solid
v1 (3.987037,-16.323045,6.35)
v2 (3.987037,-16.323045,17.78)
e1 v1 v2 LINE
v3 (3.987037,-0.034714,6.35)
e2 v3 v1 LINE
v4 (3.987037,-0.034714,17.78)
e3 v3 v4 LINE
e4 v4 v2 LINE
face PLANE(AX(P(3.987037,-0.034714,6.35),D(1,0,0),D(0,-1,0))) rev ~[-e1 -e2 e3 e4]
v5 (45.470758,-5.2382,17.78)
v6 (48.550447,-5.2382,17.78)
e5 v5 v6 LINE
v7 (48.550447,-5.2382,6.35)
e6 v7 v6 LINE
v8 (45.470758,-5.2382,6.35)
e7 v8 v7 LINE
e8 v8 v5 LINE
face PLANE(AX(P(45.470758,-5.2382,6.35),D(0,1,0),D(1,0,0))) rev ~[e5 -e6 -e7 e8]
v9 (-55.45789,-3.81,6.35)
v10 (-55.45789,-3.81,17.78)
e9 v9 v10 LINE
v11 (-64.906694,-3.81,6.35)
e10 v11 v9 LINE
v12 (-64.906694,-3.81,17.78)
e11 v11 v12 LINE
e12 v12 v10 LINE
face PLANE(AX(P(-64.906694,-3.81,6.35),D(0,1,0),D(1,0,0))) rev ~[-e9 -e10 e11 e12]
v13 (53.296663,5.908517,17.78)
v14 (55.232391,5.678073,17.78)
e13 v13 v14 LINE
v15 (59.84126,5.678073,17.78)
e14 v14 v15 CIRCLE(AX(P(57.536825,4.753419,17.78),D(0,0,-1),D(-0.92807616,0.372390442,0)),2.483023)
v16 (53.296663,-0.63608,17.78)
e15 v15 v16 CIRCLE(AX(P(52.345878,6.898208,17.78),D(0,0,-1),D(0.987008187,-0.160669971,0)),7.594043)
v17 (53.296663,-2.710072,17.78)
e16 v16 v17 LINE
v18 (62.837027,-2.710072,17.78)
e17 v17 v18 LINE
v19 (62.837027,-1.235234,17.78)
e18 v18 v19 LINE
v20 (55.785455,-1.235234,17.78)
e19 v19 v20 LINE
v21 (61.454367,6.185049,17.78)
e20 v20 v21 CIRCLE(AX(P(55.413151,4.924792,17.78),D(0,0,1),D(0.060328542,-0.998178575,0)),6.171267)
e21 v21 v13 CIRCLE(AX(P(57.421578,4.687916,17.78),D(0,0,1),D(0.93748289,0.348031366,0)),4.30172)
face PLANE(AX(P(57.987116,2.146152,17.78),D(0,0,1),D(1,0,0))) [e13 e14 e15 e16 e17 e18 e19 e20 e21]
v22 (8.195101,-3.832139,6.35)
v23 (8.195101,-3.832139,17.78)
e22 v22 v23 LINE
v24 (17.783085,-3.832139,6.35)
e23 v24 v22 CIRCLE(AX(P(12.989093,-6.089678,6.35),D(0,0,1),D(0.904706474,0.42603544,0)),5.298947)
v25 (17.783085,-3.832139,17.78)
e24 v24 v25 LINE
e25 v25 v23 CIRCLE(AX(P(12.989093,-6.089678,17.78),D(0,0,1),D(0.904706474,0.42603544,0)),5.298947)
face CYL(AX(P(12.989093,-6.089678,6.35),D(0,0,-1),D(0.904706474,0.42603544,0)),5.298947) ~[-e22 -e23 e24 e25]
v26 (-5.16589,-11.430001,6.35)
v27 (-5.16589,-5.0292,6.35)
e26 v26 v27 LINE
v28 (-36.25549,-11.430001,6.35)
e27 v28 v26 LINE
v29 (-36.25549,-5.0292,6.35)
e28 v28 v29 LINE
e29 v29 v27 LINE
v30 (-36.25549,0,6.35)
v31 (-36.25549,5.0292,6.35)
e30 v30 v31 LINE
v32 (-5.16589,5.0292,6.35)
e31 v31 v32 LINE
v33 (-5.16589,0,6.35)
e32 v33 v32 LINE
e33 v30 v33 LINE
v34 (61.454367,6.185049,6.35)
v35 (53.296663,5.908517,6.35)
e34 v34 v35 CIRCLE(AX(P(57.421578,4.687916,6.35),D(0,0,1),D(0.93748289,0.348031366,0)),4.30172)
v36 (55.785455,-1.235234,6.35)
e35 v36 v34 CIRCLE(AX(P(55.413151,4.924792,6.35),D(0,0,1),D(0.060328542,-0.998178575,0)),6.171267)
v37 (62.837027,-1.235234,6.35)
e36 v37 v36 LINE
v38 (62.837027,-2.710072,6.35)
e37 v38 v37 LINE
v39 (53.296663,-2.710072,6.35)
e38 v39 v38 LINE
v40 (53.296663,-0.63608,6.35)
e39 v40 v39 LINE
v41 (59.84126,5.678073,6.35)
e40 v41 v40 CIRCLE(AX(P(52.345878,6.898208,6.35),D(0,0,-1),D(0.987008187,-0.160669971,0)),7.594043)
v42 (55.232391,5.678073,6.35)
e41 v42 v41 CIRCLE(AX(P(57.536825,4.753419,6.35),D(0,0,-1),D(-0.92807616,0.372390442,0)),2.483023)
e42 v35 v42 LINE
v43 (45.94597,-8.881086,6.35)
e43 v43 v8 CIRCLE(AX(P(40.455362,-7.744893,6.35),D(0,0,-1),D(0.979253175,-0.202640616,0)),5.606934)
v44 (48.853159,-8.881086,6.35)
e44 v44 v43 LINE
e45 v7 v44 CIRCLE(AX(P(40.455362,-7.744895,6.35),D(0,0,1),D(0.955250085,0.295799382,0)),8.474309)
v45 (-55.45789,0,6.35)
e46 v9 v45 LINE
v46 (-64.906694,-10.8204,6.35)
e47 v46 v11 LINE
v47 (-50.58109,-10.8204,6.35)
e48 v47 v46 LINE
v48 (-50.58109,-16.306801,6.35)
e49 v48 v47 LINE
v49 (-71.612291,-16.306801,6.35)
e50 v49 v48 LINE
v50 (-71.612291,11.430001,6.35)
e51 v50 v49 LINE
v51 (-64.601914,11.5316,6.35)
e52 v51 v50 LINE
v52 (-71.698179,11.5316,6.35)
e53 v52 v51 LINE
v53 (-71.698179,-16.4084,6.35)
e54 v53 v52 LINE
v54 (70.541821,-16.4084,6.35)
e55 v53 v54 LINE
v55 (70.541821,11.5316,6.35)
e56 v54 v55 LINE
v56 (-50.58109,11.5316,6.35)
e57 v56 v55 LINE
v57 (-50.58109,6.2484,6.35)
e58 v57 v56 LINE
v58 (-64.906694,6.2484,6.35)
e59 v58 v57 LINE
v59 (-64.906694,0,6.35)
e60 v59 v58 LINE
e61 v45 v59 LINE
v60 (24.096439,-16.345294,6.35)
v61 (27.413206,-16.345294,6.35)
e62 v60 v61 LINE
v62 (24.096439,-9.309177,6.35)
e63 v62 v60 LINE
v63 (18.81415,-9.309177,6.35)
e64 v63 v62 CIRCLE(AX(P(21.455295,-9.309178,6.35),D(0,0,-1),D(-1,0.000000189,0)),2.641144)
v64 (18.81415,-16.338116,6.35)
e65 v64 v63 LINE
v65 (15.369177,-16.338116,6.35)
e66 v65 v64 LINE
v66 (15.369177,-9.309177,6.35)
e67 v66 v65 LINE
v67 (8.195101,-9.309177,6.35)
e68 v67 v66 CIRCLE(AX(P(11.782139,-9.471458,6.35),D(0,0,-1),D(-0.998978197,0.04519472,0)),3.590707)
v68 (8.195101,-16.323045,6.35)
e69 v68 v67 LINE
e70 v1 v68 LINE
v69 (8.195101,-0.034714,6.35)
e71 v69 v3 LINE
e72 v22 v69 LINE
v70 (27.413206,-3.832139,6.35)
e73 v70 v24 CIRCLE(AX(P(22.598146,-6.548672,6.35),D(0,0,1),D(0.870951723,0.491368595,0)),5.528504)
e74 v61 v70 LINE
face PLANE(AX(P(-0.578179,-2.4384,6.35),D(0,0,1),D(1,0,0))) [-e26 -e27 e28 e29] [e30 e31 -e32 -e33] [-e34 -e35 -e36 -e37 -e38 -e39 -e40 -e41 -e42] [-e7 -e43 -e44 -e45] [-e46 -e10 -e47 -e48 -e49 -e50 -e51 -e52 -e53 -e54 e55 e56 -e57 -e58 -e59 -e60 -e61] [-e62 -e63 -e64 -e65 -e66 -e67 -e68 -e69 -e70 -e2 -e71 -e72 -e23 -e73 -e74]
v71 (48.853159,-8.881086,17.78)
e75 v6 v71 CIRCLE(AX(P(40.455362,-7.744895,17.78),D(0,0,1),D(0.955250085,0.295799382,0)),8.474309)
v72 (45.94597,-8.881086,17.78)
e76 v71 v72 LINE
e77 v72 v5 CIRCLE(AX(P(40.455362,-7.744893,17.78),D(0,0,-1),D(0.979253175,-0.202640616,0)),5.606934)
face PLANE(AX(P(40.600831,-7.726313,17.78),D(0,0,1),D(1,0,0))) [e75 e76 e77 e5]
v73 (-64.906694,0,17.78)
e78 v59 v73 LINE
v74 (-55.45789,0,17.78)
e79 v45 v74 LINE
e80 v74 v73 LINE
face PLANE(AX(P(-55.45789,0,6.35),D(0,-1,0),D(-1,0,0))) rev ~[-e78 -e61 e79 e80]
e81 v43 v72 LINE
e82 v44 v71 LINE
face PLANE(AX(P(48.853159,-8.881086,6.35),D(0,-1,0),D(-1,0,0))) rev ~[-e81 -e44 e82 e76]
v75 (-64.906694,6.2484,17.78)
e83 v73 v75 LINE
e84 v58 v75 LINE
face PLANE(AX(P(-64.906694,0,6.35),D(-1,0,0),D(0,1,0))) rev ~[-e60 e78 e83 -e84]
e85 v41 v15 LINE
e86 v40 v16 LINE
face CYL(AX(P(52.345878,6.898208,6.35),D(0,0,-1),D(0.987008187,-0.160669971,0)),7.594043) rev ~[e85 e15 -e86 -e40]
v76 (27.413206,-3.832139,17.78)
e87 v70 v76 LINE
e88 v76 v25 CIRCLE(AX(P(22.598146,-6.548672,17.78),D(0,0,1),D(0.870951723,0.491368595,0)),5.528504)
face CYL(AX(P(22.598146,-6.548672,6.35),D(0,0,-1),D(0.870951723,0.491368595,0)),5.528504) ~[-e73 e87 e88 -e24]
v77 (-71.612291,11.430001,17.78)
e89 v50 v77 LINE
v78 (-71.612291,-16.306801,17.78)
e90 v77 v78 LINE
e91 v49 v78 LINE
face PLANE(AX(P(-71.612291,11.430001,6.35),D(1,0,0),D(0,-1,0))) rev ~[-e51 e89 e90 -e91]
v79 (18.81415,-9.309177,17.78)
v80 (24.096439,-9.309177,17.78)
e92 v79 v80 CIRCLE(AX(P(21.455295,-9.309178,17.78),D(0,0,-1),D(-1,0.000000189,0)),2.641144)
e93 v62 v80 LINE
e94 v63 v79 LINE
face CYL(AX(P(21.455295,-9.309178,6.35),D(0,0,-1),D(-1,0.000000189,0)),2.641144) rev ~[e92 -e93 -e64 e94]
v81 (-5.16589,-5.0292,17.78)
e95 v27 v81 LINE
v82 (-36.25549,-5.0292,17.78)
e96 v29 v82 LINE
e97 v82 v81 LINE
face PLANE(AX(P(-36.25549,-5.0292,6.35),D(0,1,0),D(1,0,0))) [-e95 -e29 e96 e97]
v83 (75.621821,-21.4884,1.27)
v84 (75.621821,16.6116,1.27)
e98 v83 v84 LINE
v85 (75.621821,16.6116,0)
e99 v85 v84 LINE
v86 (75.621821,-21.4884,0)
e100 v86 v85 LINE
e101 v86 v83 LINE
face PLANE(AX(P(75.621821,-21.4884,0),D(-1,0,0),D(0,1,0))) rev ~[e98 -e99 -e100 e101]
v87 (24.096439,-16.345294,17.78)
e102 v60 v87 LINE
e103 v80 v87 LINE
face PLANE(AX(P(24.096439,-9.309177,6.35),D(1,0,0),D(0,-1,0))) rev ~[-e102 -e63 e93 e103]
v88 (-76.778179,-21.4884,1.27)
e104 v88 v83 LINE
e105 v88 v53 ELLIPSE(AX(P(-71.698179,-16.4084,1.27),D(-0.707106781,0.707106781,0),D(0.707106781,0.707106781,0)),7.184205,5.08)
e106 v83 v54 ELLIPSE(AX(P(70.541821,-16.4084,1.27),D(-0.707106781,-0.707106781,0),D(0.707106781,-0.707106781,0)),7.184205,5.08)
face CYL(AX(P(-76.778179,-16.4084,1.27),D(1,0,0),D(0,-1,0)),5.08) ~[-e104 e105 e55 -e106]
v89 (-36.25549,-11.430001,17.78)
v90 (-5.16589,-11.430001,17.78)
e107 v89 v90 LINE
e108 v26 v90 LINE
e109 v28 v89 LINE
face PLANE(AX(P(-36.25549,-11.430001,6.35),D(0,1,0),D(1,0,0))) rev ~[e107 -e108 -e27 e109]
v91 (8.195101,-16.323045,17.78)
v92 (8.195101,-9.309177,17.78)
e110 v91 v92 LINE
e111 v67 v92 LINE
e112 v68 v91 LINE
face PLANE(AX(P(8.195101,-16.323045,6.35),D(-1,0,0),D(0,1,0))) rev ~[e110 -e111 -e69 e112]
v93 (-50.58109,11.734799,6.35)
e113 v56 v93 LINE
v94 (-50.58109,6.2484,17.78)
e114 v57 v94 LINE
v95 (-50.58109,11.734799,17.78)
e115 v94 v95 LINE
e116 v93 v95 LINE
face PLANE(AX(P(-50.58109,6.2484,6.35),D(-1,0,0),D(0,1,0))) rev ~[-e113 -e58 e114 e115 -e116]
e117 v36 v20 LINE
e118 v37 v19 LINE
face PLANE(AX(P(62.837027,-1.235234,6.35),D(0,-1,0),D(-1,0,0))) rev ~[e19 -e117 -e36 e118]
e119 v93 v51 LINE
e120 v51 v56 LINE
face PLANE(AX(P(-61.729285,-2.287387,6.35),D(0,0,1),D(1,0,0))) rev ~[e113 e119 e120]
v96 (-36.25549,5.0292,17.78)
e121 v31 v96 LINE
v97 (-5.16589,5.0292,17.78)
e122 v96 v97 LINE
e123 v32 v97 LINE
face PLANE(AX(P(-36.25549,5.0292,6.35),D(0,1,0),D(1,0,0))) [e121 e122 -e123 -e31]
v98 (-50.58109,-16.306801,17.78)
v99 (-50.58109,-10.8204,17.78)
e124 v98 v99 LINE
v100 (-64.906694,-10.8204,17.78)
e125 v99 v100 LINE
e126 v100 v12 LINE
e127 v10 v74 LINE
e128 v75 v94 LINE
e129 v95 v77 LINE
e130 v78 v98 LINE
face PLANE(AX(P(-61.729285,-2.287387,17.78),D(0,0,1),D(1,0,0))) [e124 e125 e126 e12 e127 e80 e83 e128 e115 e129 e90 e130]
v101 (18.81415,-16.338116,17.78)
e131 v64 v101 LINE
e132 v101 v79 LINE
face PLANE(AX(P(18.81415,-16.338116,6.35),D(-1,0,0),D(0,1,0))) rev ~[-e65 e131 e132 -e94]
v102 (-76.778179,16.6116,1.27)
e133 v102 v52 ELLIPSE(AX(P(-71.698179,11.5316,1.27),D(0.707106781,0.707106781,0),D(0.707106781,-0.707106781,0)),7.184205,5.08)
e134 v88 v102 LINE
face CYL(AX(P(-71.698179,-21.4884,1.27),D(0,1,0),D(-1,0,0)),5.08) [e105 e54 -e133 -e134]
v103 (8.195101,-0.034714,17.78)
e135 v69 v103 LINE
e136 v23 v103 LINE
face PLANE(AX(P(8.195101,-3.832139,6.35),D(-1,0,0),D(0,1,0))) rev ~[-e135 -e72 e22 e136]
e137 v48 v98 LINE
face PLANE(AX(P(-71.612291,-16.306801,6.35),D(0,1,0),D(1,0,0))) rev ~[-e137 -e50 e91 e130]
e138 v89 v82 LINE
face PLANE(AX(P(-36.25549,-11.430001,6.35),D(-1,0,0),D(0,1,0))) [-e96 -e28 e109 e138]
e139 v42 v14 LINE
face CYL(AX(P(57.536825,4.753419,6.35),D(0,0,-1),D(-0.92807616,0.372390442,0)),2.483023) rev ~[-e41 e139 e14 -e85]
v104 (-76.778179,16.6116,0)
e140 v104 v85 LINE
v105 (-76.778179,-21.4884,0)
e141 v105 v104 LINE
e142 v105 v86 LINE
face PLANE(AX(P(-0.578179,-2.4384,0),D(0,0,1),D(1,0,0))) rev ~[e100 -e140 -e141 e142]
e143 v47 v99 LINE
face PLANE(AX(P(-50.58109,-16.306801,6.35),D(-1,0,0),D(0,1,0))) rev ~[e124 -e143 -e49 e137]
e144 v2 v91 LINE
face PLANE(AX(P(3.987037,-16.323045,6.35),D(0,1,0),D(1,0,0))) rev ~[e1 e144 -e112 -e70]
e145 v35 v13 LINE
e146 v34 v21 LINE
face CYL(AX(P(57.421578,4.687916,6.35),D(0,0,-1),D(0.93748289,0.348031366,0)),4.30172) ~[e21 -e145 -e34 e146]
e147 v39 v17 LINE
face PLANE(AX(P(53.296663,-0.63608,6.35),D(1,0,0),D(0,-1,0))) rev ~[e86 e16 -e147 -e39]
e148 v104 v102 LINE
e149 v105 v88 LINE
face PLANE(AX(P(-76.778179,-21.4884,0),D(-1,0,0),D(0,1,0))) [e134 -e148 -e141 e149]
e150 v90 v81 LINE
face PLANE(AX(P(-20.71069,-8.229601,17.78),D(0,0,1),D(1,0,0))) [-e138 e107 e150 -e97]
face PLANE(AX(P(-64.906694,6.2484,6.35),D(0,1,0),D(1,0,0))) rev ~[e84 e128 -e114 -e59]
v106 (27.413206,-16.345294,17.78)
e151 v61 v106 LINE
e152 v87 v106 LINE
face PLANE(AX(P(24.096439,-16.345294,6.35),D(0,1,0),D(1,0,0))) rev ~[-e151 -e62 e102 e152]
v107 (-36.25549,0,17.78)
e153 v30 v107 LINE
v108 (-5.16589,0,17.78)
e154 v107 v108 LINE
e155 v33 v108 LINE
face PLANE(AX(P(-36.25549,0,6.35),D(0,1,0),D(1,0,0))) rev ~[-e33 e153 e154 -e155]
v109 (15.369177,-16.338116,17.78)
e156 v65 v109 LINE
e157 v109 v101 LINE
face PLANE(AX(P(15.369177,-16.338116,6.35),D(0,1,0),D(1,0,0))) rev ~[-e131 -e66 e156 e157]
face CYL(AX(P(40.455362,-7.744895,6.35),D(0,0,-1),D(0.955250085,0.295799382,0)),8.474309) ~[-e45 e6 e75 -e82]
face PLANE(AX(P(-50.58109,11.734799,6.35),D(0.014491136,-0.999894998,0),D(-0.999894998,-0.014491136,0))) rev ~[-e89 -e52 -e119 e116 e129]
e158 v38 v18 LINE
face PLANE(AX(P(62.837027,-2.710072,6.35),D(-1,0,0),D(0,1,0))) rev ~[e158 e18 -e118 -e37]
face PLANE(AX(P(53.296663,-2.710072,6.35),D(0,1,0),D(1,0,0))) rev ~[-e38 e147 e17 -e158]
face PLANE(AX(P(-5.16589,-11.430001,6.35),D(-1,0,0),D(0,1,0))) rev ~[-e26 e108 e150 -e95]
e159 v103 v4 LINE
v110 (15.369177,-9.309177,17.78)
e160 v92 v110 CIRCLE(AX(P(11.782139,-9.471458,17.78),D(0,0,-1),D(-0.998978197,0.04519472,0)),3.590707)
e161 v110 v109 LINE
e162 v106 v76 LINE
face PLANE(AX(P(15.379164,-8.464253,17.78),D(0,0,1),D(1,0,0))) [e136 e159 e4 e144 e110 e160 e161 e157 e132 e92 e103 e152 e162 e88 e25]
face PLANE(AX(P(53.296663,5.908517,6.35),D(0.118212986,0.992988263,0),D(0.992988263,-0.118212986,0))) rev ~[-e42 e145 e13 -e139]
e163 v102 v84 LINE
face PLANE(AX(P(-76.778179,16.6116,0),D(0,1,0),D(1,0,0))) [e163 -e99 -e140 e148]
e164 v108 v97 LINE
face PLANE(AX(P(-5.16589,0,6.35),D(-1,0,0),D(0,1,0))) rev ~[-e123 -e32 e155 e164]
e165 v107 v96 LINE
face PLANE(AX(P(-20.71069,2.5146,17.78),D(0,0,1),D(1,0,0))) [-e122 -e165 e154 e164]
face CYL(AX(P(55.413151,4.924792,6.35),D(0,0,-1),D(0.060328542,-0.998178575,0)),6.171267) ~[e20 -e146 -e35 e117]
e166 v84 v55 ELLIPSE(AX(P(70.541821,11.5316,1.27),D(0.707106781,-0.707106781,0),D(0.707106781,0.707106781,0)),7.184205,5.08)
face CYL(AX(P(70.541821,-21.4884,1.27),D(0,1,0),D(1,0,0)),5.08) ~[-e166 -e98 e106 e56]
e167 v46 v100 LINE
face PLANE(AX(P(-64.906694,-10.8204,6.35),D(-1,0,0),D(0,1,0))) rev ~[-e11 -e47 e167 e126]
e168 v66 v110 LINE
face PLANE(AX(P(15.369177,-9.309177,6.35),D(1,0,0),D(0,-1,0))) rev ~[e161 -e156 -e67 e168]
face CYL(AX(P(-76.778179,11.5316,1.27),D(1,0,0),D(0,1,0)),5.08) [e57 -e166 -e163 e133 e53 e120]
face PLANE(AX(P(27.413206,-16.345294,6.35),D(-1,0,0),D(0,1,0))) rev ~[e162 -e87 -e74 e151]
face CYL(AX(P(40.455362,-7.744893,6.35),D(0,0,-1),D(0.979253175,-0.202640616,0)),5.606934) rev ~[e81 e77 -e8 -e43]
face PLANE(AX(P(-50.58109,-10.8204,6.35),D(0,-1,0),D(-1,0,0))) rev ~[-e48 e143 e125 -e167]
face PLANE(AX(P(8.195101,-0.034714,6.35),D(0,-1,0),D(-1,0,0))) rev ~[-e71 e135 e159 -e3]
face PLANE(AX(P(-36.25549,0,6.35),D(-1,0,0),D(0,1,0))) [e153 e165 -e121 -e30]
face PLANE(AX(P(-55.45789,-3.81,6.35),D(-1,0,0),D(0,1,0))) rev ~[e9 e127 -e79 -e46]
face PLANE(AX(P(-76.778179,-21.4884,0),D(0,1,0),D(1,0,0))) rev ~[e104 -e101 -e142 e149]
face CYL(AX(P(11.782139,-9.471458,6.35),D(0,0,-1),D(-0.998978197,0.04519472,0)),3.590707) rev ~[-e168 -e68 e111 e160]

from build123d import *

# Parameters (mm, degrees)
F0_W      = 152.4
F0_H      = 38.1
F1_DEPTH  = 6.35
F2_R      = 5.08
F4_DEPTH  = 11.43
F5_W      = 31.0896
F5_H      = 5.0292
F5_H_2    = 6.400801
F6_DEPTH  = 11.43
F8_DEPTH  = 11.43
F10_DEPTH = 11.43
F12_DEPTH = 11.43


with BuildPart() as f1:
    # F0 (on Top) → F1 (new body)
    with BuildSketch(Plane.XY):
        with Locations((-0.578179, -2.4384)):
            Rectangle(F0_W, F0_H)
    extrude(amount=F1_DEPTH)

    # F2
    f2_edges = [f1.edges().sort_by_distance(p)[0] for p in [
        (-0.578179, 16.6116, 6.35),
        (-76.778179, -2.4384, 6.35),
        (-0.578179, -21.4884, 6.35),
        (75.621821, -2.4384, 6.35),
    ]]
    fillet(f2_edges, radius=F2_R)

    # F3 (on face) → F4 (join)
    with BuildSketch(Plane.XY.offset(6.35)):
        Polygon((-50.58109, 11.734799), (-71.612291, 11.430001), (-71.612291, -16.306801), (-50.58109, -16.306801), (-50.58109, -10.8204), (-64.906694, -10.8204), (-64.906694, -3.81), (-55.45789, -3.81), (-55.45789, 0), (-64.906694, 0), (-64.906694, 6.2484), (-50.58109, 6.2484), align=None)
    extrude(amount=F4_DEPTH)

    # F5 (on face) → F6 (join)
    with BuildSketch(Plane.XY.offset(6.35)):
        with Locations((-20.71069, 2.5146)):
            Rectangle(F5_W, F5_H)
        with Locations((-20.71069, -8.229601)):
            Rectangle(F5_W, F5_H_2)
    extrude(amount=F6_DEPTH)

    # F7 (on face) → F8 (join)
    with BuildSketch(Plane.XY.offset(6.35)):
        with BuildLine():
            Line((3.987037, -0.034714), (3.987037, -16.323045))
            Line((3.987037, -16.323045), (8.195101, -16.323045))
            Line((8.195101, -16.323045), (8.195101, -9.309177))
            ThreePointArc((8.195101, -9.309177), (11.782139, -5.880751), (15.369177, -9.309177))
            Line((15.369177, -9.309177), (15.369177, -16.338116))
            Line((15.369177, -16.338116), (18.81415, -16.338116))
            Line((18.81415, -16.338116), (18.81415, -9.309177))
            ThreePointArc((18.81415, -9.309177), (21.455294, -6.668033), (24.096439, -9.309177))
            Line((24.096439, -9.309177), (24.096439, -16.345294))
            Line((24.096439, -16.345294), (27.413206, -16.345294))
            Line((27.413206, -16.345294), (27.413206, -3.832139))
            ThreePointArc((27.413206, -3.832139), (22.598146, -1.020168), (17.783085, -3.832139))
            ThreePointArc((17.783085, -3.832139), (12.989093, -0.790731), (8.195101, -3.832139))
            Line((8.195101, -3.832139), (8.195101, -0.034714))
            Line((8.195101, -0.034714), (3.987037, -0.034714))
        make_face()
    extrude(amount=F8_DEPTH)

    # F9 (on face) → F10 (join)
    with BuildSketch(Plane.XY.offset(6.35)):
        with BuildLine():
            Line((45.470758, -5.2382), (48.550447, -5.2382))
            ThreePointArc((48.550447, -5.2382), (32.01016, -8.446661), (48.853159, -8.881086))
            Line((48.853159, -8.881086), (45.94597, -8.881086))
            ThreePointArc((45.94597, -8.881086), (34.895535, -8.47017), (45.470758, -5.2382))
        make_face()
    extrude(amount=F10_DEPTH)

    # F11 (on face) → F12 (join)
    with BuildSketch(Plane.XY.offset(6.35)):
        with BuildLine():
            ThreePointArc((55.785455, -1.235234), (60.317074, 1.178317), (61.454367, 6.185049))
            ThreePointArc((61.454367, 6.185049), (57.275841, 8.987166), (53.296663, 5.908517))
            Line((53.296663, 5.908517), (55.232391, 5.678073))
            ThreePointArc((55.232391, 5.678073), (57.536826, 7.236442), (59.84126, 5.678073))
            ThreePointArc((59.84126, 5.678073), (57.618597, 1.433053), (53.296663, -0.63608))
            Line((53.296663, -0.63608), (53.296663, -2.710072))
            Line((53.296663, -2.710072), (62.837027, -2.710072))
            Line((62.837027, -2.710072), (62.837027, -1.235234))
            Line((62.837027, -1.235234), (55.785455, -1.235234))
        make_face()
    extrude(amount=F12_DEPTH)


solid = f1.part
